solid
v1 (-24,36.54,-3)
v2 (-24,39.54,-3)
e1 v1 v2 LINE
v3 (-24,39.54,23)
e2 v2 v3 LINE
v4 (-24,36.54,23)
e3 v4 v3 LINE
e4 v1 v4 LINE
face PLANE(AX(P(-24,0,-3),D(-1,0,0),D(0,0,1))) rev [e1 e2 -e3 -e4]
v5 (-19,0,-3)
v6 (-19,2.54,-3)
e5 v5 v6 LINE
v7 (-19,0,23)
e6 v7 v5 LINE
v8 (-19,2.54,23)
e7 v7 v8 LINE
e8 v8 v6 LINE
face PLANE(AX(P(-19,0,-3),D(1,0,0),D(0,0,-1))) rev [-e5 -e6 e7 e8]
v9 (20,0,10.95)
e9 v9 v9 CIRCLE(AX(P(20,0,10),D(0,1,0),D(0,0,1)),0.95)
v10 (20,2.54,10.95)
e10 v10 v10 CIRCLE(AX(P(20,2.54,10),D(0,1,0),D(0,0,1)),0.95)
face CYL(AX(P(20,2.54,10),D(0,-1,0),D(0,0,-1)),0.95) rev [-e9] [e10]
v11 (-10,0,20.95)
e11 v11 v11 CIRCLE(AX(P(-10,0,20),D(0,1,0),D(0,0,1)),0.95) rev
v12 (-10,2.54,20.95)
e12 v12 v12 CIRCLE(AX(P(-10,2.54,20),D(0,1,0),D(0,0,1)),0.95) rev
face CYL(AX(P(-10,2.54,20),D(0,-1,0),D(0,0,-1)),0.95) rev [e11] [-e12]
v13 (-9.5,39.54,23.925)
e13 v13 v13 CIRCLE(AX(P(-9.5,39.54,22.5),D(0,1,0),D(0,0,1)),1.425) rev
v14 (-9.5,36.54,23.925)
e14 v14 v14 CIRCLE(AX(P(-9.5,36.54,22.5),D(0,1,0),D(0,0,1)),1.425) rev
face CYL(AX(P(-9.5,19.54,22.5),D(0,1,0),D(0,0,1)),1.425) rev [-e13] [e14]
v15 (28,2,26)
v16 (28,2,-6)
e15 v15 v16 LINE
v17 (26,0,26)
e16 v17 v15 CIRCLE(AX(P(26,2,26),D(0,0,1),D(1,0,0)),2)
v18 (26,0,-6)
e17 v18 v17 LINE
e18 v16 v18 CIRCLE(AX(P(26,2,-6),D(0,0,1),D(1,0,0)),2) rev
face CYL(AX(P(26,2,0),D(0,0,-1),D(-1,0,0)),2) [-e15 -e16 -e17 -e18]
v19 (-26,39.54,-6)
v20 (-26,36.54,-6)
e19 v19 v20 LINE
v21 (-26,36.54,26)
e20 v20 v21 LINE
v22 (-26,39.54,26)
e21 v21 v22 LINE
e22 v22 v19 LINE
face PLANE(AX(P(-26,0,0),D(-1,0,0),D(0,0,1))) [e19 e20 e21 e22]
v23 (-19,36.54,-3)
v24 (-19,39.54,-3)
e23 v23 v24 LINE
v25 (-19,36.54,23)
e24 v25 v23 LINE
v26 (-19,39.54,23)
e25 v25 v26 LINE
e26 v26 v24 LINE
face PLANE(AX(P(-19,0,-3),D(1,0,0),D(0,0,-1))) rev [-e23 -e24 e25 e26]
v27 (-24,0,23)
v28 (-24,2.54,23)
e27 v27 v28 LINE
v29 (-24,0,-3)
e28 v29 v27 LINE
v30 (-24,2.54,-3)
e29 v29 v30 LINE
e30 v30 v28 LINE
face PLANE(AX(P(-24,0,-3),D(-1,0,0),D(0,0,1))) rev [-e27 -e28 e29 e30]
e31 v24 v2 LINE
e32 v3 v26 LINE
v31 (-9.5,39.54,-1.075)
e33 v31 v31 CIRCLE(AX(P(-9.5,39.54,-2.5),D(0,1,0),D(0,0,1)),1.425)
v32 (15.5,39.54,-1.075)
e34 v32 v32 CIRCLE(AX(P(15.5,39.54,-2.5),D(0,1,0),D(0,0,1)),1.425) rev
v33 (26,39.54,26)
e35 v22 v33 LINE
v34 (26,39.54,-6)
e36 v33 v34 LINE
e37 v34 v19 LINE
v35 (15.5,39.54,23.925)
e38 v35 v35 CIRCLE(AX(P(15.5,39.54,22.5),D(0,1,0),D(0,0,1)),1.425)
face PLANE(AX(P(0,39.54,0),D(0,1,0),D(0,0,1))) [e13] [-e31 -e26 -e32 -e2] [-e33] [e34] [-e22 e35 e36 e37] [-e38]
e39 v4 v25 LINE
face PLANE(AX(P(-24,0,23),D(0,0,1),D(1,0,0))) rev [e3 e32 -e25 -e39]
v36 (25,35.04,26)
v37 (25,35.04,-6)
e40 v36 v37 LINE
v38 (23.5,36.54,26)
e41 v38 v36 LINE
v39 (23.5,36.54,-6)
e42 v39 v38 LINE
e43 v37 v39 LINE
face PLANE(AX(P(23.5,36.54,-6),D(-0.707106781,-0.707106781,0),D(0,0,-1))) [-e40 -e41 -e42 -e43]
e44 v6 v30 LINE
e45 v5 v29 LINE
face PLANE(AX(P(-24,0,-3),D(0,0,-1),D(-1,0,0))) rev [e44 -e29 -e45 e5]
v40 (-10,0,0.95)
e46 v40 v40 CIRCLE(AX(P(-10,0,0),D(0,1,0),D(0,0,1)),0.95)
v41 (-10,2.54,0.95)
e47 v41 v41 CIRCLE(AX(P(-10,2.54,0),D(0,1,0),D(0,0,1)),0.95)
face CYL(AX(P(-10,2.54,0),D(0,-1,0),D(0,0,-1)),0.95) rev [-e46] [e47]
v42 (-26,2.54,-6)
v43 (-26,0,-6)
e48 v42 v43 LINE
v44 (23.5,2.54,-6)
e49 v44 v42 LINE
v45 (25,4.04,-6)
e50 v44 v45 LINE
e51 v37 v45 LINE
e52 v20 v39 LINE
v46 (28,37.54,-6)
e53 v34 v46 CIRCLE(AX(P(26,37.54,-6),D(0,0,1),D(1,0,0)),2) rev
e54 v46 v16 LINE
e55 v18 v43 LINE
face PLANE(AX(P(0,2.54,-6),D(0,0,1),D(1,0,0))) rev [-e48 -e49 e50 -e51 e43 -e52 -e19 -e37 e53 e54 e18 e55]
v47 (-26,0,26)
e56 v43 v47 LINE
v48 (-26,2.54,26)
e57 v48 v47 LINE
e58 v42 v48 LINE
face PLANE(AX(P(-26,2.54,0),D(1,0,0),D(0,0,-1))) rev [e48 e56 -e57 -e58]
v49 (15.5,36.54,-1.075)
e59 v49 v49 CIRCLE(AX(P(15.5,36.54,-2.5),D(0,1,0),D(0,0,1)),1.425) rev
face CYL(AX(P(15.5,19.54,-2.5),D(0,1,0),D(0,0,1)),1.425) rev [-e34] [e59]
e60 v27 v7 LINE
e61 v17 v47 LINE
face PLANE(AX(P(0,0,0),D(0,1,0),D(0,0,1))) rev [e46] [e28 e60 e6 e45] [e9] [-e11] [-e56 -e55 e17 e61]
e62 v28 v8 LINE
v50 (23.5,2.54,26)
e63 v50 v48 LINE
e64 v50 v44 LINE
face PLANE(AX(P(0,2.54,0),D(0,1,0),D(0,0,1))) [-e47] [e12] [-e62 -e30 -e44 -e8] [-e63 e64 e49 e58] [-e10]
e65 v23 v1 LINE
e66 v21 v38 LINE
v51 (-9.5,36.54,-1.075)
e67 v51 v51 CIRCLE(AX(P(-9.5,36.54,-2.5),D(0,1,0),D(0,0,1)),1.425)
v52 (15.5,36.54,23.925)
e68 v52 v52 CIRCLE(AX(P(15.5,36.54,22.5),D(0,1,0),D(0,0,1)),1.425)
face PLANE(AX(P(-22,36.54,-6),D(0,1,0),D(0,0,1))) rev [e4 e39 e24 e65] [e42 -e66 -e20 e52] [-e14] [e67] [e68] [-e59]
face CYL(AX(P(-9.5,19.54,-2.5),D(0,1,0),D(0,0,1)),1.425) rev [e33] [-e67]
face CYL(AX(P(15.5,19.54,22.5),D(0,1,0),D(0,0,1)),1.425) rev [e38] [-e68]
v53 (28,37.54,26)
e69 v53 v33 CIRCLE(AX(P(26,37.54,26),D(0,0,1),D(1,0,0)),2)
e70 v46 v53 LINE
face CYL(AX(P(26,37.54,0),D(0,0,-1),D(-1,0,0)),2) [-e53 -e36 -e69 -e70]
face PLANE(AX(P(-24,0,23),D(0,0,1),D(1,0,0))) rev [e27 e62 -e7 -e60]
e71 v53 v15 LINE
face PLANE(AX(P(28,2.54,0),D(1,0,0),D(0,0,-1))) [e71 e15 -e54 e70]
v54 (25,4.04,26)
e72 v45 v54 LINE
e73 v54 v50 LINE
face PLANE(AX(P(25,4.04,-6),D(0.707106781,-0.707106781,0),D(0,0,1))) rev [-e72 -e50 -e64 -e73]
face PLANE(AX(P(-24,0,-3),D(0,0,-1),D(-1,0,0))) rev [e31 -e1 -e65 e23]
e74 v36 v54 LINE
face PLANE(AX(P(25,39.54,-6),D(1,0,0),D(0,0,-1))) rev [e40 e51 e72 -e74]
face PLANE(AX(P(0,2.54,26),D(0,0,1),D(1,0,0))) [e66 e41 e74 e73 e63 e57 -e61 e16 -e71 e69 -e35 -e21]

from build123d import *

# Parameters (mm, degrees)
SKETCH1_W               = 54
SKETCH1_H               = 32
SKETCH1_R               = 0.95
BOSS_EXTRUDE1_DEPTH     = 2.54
SKETCH3_W               = 3
SKETCH3_H               = 32
BOSS_EXTRUDE2_DEPTH     = 37
SKETCH4_W               = 32
SKETCH4_H               = 3
BOSS_EXTRUDE3_DEPTH     = 47
FILLET1_R               = 2
SKETCH5_R               = 1.425
CUT_EXTRUDE1_DEPTH      = 20
SKETCH8_W               = 32
SKETCH8_H               = 3
BOSS_EXTRUDE4_DEPTH     = 4
SKETCH7_W               = 5
SKETCH7_H               = 26
CUT_EXTRUDE3_DEPTH      = 1
CUT_EXTRUDE3_DEPTH_BACK = 40.54
CHAMFER1_SIZE           = 1.5


with BuildPart() as part:
    # Sketch1 → Boss-Extrude1 (new body)
    with BuildSketch(Plane(origin=(0, 0, 0), x_dir=(1, 0, 0), z_dir=(0, 1, 0))):
        with Locations((1, -10)):
            Rectangle(SKETCH1_W, SKETCH1_H)
        with Locations((-10, 0)):
            Circle(SKETCH1_R, mode=Mode.SUBTRACT)
        with Locations((20, -10)):
            Circle(SKETCH1_R, mode=Mode.SUBTRACT)
        with Locations((-10, -20)):
            Circle(SKETCH1_R, mode=Mode.SUBTRACT)
    extrude(amount=BOSS_EXTRUDE1_DEPTH)

    # Sketch3 → Boss-Extrude2 (add)
    with BuildSketch(Plane(origin=(0, 2.54, 0), x_dir=(1, 0, 0), z_dir=(0, 1, 0))):
        with Locations((26.5, -10)):
            Rectangle(SKETCH3_W, SKETCH3_H)
    extrude(amount=BOSS_EXTRUDE2_DEPTH)

    # Sketch4 → Boss-Extrude3 (add)
    with BuildSketch(Plane.ZY.offset(-25)):
        with Locations((10, 38.04)):
            Rectangle(SKETCH4_W, SKETCH4_H)
    extrude(amount=BOSS_EXTRUDE3_DEPTH)

    # Fillet1
    fillet1_edges = [part.edges().sort_by_distance(p)[0] for p in [
        (28, 0, 10),
        (28, 39.54, 10),
    ]]
    fillet(fillet1_edges, radius=FILLET1_R)

    # Sketch5 → Cut-Extrude1 (cut)
    with BuildSketch(Plane(origin=(0, 39.54, 0), x_dir=(1, 0, 0), z_dir=(0, 1, 0))):
        with Locations((-9.5, 2.5)):
            Circle(SKETCH5_R)
        with Locations((15.5, 2.5)):
            Circle(SKETCH5_R)
        with Locations((15.5, -22.5)):
            Circle(SKETCH5_R)
        with Locations((-9.5, -22.5)):
            Circle(SKETCH5_R)
    extrude(amount=-CUT_EXTRUDE1_DEPTH, mode=Mode.SUBTRACT)

    # Sketch8 → Boss-Extrude4 (add)
    with BuildSketch(Plane.ZY.offset(22)):
        with Locations((10, 38.04)):
            Rectangle(SKETCH8_W, SKETCH8_H)
    extrude(amount=BOSS_EXTRUDE4_DEPTH)

    # Sketch7 → Cut-Extrude3 (cut, two sides)
    with BuildSketch(Plane(origin=(0, 39.54, 0), x_dir=(1, 0, 0), z_dir=(0, 1, 0))) as cut_extrude3_sk:
        with Locations((-21.5, -10)):
            Rectangle(SKETCH7_W, SKETCH7_H)
    extrude(amount=CUT_EXTRUDE3_DEPTH, mode=Mode.SUBTRACT)
    extrude(cut_extrude3_sk.sketch, amount=-CUT_EXTRUDE3_DEPTH_BACK, mode=Mode.SUBTRACT)

    # Chamfer1
    chamfer1_edges = [part.edges().sort_by_distance(p)[0] for p in [
        (25, 2.54, 10),
        (25, 36.54, 10),
    ]]
    chamfer(chamfer1_edges, length=CHAMFER1_SIZE)


solid = part.part
